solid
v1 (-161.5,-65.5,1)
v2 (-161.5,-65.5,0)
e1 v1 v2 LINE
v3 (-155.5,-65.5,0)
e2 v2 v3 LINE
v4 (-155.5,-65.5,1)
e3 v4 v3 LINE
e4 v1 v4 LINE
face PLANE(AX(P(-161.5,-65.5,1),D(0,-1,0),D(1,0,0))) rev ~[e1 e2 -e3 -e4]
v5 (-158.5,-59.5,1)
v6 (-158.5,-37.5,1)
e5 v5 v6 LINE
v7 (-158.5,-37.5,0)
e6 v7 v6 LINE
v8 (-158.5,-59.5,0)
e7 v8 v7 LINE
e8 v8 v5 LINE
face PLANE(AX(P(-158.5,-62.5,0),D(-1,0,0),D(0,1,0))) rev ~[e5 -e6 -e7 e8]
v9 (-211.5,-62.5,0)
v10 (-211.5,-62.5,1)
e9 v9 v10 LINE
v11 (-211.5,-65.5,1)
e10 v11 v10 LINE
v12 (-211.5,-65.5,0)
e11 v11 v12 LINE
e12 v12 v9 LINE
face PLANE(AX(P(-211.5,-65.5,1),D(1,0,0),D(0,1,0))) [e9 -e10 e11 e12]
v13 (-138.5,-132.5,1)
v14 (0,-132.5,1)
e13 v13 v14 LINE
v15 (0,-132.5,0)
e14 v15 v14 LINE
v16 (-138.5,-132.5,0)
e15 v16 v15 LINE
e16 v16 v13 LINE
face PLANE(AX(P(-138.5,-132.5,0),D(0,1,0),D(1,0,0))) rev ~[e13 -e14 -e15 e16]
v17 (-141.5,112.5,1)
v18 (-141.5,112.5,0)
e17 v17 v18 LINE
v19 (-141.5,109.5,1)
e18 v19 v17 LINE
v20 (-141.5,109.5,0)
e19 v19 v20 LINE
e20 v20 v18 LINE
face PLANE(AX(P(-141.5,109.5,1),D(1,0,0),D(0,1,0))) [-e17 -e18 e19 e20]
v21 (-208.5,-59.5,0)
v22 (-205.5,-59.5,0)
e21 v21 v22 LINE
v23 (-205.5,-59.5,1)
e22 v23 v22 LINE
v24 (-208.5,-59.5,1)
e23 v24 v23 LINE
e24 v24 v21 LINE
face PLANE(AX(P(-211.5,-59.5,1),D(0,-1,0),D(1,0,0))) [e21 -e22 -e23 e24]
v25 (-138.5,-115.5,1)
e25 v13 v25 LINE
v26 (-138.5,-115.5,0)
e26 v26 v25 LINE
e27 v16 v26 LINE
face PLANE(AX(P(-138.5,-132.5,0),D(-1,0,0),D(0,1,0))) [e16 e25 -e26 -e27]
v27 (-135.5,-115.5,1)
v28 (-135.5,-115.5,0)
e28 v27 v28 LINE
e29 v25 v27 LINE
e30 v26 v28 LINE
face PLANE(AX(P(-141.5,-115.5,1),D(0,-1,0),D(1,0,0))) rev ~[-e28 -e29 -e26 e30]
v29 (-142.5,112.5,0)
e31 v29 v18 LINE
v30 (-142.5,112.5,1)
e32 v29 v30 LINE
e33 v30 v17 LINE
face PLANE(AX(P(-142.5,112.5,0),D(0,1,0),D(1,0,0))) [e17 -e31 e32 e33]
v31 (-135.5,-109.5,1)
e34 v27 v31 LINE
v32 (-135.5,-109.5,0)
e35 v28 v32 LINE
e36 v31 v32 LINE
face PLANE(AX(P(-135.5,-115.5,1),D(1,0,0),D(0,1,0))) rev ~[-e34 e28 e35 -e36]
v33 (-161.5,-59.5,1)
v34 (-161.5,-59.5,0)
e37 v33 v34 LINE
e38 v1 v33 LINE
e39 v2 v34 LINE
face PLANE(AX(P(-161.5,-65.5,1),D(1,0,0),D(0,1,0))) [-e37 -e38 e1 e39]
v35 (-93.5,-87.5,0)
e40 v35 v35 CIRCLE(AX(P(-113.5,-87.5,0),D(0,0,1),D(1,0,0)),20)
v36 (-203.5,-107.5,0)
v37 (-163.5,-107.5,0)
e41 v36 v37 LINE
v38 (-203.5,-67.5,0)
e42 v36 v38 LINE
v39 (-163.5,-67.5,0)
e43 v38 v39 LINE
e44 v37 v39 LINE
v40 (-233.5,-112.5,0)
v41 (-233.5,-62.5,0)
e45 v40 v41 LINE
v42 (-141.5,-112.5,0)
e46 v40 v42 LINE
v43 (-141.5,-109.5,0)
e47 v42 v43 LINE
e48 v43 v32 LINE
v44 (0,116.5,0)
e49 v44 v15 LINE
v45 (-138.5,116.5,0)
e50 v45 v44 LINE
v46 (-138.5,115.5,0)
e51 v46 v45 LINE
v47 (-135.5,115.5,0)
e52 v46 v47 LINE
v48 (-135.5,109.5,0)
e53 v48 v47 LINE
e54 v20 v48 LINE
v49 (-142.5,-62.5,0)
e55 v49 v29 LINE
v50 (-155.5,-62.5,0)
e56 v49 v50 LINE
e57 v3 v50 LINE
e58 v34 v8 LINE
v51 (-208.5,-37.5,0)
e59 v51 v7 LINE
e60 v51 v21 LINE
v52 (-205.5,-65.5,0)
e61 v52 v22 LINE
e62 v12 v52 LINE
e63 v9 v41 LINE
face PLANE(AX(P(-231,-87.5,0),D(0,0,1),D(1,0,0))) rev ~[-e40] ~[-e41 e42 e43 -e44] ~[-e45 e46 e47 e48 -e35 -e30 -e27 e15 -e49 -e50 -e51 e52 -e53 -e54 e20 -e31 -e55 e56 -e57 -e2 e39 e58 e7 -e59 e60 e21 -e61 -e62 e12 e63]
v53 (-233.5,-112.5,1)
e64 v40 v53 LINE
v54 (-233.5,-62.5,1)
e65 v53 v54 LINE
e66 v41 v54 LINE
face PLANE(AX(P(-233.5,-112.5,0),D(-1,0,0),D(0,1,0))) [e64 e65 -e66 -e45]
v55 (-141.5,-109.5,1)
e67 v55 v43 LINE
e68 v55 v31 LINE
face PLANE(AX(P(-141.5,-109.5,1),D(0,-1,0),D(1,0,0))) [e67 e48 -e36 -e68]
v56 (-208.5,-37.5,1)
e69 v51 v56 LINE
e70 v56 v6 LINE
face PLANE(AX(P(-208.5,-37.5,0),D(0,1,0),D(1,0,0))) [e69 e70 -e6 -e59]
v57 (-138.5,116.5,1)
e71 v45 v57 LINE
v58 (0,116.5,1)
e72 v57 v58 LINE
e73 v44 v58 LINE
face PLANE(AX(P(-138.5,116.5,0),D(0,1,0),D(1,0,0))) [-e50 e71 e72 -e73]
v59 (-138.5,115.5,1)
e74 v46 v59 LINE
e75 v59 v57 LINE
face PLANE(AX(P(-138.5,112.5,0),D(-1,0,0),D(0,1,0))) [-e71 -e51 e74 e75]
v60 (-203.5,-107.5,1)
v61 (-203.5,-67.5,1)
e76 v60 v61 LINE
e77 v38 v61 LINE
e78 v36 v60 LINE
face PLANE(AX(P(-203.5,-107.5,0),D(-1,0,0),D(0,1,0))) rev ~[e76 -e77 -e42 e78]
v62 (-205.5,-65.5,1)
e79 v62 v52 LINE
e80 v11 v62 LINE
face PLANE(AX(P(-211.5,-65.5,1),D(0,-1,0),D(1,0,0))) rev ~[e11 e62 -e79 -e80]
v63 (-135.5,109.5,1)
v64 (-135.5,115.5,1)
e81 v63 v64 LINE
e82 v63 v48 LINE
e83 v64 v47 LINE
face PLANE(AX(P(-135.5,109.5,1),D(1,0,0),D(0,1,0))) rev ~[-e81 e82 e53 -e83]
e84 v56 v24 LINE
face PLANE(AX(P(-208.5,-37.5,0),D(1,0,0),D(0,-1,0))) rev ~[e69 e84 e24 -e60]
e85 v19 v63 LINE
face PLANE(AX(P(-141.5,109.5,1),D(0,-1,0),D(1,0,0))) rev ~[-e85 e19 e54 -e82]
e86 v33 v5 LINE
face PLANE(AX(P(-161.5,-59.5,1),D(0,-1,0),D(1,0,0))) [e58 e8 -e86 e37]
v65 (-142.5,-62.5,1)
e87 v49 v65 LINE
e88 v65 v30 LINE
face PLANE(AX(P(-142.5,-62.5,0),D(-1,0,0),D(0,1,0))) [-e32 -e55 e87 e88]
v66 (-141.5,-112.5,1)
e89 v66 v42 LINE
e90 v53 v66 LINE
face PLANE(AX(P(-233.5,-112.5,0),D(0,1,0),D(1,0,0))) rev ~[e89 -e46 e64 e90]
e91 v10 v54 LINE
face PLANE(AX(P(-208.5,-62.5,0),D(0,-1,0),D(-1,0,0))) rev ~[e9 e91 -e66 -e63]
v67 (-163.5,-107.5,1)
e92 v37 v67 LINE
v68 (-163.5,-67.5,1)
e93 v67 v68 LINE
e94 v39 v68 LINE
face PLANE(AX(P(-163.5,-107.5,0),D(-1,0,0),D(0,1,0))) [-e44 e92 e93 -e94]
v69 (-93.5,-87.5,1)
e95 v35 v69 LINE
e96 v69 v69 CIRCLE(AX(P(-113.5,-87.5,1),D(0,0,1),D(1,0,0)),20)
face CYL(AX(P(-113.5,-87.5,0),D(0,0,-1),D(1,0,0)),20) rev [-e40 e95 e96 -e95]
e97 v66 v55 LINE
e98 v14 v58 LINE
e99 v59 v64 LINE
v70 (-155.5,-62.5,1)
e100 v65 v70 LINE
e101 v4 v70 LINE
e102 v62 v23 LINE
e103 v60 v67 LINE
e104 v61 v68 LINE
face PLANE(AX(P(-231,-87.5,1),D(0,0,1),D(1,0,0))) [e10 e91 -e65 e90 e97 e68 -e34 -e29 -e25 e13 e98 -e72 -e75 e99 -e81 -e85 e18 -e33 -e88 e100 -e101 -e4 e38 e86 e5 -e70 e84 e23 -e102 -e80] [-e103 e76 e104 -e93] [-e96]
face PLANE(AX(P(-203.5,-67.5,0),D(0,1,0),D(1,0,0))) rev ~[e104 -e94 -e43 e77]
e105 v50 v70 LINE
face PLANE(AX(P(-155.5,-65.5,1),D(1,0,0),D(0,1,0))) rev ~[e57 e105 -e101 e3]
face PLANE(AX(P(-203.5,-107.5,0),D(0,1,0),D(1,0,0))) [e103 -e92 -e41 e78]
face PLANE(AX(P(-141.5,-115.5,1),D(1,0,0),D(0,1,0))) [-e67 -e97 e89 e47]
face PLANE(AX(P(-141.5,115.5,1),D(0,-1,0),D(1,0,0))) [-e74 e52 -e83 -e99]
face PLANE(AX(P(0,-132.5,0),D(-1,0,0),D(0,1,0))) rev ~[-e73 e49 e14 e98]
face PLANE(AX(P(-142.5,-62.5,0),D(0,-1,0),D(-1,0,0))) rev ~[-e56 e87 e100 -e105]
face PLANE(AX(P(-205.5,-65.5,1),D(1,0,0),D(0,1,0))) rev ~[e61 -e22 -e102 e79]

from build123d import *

# Parameters (mm, degrees)
F0_W     = 5
F0_H     = 50
F0_W_2   = 138.5
F0_H_2   = 20
F0_W_3   = 50
F0_H_3   = 5
F0_H_4   = 4
F0_W_4   = 20
F0_W_5   = 4
F0_H_5   = 175
F0_W_6   = 40
F0_H_6   = 40
F0_R     = 20
F1_DEPTH = 1
F0_W_7   = 128.5
F0_H_7   = 147
F2_DEPTH = 1
F3_W     = 6
F3_H     = 6
F4_DEPTH = 25


with BuildPart() as f1:
    # F0 (on Top) → F1 (new body)
    with BuildSketch(Plane.XY):
        with Locations((-231, -87.5)):
            Rectangle(F0_W, F0_H)
        with Locations((-69.25, -122.5)):
            Rectangle(F0_W_2, F0_H_2)
        with Locations((-183.5, -40)):
            Rectangle(F0_W_3, F0_H_3)
        with Locations((-69.25, 114.5)):
            Rectangle(F0_W_2, F0_H_4)
        with Locations((-218.5, -87.5)):
            Rectangle(F0_W_4, F0_H)
        with Locations((-183.5, -52.5)):
            Rectangle(F0_W_3, F0_H_2)
        with Locations((-140.5, 25)):
            Rectangle(F0_W_5, F0_H_5)
        Polygon((-138.5, -112.5), (-138.5, -62.5), (-142.5, -62.5), (-158.5, -62.5), (-158.5, -112.5), align=None)
        with Locations((-183.5, -87.5)):
            Rectangle(F0_W_3, F0_H)
        with Locations((-183.5, -87.5)):
            Rectangle(F0_W_6, F0_H_6, mode=Mode.SUBTRACT)
        Polygon((0, 102.5), (0, 112.5), (-138.5, 112.5), (-138.5, -62.5), (-138.5, -112.5), (0, -112.5), (0, -44.5), (-128.5, -44.5), (-128.5, 102.5), align=None)
        with Locations((-113.5, -87.5)):
            Circle(F0_R, mode=Mode.SUBTRACT)
    extrude(amount=F1_DEPTH)

    # F0 (on Top) → F2 (join)
    with BuildSketch(Plane.XY):
        Polygon((0, 102.5), (0, 112.5), (-138.5, 112.5), (-138.5, -62.5), (-138.5, -112.5), (0, -112.5), (0, -44.5), (-128.5, -44.5), (-128.5, 102.5), align=None)
        with Locations((-113.5, -87.5)):
            Circle(F0_R, mode=Mode.SUBTRACT)
        with Locations((-69.25, 114.5)):
            Rectangle(F0_W_2, F0_H_4)
        with Locations((-140.5, 25)):
            Rectangle(F0_W_5, F0_H_5)
        with Locations((-64.25, 29)):
            Rectangle(F0_W_7, F0_H_7)
        Polygon((-138.5, -112.5), (-138.5, -62.5), (-142.5, -62.5), (-158.5, -62.5), (-158.5, -112.5), align=None)
        with Locations((-69.25, -122.5)):
            Rectangle(F0_W_2, F0_H_2)
        with Locations((-183.5, -87.5)):
            Rectangle(F0_W_3, F0_H)
        with Locations((-183.5, -87.5)):
            Rectangle(F0_W_6, F0_H_6, mode=Mode.SUBTRACT)
        with Locations((-183.5, -52.5)):
            Rectangle(F0_W_3, F0_H_2)
        with Locations((-218.5, -87.5)):
            Rectangle(F0_W_4, F0_H)
        with Locations((-183.5, -40)):
            Rectangle(F0_W_3, F0_H_3)
        with Locations((-231, -87.5)):
            Rectangle(F0_W, F0_H)
    extrude(amount=F2_DEPTH)

    # F3 (on face) → F4 (cut)
    with BuildSketch(Plane.XY.offset(1)):
        with Locations((-138.5, -112.5)):
            Rectangle(F3_W, F3_H)
        with Locations((-158.5, -62.5)):
            Rectangle(F3_W, F3_H)
        with Locations((-208.5, -62.5)):
            Rectangle(F3_W, F3_H)
        with Locations((-138.5, 112.5)):
            Rectangle(F3_W, F3_H)
    extrude(amount=-F4_DEPTH, mode=Mode.SUBTRACT)


solid = f1.part
